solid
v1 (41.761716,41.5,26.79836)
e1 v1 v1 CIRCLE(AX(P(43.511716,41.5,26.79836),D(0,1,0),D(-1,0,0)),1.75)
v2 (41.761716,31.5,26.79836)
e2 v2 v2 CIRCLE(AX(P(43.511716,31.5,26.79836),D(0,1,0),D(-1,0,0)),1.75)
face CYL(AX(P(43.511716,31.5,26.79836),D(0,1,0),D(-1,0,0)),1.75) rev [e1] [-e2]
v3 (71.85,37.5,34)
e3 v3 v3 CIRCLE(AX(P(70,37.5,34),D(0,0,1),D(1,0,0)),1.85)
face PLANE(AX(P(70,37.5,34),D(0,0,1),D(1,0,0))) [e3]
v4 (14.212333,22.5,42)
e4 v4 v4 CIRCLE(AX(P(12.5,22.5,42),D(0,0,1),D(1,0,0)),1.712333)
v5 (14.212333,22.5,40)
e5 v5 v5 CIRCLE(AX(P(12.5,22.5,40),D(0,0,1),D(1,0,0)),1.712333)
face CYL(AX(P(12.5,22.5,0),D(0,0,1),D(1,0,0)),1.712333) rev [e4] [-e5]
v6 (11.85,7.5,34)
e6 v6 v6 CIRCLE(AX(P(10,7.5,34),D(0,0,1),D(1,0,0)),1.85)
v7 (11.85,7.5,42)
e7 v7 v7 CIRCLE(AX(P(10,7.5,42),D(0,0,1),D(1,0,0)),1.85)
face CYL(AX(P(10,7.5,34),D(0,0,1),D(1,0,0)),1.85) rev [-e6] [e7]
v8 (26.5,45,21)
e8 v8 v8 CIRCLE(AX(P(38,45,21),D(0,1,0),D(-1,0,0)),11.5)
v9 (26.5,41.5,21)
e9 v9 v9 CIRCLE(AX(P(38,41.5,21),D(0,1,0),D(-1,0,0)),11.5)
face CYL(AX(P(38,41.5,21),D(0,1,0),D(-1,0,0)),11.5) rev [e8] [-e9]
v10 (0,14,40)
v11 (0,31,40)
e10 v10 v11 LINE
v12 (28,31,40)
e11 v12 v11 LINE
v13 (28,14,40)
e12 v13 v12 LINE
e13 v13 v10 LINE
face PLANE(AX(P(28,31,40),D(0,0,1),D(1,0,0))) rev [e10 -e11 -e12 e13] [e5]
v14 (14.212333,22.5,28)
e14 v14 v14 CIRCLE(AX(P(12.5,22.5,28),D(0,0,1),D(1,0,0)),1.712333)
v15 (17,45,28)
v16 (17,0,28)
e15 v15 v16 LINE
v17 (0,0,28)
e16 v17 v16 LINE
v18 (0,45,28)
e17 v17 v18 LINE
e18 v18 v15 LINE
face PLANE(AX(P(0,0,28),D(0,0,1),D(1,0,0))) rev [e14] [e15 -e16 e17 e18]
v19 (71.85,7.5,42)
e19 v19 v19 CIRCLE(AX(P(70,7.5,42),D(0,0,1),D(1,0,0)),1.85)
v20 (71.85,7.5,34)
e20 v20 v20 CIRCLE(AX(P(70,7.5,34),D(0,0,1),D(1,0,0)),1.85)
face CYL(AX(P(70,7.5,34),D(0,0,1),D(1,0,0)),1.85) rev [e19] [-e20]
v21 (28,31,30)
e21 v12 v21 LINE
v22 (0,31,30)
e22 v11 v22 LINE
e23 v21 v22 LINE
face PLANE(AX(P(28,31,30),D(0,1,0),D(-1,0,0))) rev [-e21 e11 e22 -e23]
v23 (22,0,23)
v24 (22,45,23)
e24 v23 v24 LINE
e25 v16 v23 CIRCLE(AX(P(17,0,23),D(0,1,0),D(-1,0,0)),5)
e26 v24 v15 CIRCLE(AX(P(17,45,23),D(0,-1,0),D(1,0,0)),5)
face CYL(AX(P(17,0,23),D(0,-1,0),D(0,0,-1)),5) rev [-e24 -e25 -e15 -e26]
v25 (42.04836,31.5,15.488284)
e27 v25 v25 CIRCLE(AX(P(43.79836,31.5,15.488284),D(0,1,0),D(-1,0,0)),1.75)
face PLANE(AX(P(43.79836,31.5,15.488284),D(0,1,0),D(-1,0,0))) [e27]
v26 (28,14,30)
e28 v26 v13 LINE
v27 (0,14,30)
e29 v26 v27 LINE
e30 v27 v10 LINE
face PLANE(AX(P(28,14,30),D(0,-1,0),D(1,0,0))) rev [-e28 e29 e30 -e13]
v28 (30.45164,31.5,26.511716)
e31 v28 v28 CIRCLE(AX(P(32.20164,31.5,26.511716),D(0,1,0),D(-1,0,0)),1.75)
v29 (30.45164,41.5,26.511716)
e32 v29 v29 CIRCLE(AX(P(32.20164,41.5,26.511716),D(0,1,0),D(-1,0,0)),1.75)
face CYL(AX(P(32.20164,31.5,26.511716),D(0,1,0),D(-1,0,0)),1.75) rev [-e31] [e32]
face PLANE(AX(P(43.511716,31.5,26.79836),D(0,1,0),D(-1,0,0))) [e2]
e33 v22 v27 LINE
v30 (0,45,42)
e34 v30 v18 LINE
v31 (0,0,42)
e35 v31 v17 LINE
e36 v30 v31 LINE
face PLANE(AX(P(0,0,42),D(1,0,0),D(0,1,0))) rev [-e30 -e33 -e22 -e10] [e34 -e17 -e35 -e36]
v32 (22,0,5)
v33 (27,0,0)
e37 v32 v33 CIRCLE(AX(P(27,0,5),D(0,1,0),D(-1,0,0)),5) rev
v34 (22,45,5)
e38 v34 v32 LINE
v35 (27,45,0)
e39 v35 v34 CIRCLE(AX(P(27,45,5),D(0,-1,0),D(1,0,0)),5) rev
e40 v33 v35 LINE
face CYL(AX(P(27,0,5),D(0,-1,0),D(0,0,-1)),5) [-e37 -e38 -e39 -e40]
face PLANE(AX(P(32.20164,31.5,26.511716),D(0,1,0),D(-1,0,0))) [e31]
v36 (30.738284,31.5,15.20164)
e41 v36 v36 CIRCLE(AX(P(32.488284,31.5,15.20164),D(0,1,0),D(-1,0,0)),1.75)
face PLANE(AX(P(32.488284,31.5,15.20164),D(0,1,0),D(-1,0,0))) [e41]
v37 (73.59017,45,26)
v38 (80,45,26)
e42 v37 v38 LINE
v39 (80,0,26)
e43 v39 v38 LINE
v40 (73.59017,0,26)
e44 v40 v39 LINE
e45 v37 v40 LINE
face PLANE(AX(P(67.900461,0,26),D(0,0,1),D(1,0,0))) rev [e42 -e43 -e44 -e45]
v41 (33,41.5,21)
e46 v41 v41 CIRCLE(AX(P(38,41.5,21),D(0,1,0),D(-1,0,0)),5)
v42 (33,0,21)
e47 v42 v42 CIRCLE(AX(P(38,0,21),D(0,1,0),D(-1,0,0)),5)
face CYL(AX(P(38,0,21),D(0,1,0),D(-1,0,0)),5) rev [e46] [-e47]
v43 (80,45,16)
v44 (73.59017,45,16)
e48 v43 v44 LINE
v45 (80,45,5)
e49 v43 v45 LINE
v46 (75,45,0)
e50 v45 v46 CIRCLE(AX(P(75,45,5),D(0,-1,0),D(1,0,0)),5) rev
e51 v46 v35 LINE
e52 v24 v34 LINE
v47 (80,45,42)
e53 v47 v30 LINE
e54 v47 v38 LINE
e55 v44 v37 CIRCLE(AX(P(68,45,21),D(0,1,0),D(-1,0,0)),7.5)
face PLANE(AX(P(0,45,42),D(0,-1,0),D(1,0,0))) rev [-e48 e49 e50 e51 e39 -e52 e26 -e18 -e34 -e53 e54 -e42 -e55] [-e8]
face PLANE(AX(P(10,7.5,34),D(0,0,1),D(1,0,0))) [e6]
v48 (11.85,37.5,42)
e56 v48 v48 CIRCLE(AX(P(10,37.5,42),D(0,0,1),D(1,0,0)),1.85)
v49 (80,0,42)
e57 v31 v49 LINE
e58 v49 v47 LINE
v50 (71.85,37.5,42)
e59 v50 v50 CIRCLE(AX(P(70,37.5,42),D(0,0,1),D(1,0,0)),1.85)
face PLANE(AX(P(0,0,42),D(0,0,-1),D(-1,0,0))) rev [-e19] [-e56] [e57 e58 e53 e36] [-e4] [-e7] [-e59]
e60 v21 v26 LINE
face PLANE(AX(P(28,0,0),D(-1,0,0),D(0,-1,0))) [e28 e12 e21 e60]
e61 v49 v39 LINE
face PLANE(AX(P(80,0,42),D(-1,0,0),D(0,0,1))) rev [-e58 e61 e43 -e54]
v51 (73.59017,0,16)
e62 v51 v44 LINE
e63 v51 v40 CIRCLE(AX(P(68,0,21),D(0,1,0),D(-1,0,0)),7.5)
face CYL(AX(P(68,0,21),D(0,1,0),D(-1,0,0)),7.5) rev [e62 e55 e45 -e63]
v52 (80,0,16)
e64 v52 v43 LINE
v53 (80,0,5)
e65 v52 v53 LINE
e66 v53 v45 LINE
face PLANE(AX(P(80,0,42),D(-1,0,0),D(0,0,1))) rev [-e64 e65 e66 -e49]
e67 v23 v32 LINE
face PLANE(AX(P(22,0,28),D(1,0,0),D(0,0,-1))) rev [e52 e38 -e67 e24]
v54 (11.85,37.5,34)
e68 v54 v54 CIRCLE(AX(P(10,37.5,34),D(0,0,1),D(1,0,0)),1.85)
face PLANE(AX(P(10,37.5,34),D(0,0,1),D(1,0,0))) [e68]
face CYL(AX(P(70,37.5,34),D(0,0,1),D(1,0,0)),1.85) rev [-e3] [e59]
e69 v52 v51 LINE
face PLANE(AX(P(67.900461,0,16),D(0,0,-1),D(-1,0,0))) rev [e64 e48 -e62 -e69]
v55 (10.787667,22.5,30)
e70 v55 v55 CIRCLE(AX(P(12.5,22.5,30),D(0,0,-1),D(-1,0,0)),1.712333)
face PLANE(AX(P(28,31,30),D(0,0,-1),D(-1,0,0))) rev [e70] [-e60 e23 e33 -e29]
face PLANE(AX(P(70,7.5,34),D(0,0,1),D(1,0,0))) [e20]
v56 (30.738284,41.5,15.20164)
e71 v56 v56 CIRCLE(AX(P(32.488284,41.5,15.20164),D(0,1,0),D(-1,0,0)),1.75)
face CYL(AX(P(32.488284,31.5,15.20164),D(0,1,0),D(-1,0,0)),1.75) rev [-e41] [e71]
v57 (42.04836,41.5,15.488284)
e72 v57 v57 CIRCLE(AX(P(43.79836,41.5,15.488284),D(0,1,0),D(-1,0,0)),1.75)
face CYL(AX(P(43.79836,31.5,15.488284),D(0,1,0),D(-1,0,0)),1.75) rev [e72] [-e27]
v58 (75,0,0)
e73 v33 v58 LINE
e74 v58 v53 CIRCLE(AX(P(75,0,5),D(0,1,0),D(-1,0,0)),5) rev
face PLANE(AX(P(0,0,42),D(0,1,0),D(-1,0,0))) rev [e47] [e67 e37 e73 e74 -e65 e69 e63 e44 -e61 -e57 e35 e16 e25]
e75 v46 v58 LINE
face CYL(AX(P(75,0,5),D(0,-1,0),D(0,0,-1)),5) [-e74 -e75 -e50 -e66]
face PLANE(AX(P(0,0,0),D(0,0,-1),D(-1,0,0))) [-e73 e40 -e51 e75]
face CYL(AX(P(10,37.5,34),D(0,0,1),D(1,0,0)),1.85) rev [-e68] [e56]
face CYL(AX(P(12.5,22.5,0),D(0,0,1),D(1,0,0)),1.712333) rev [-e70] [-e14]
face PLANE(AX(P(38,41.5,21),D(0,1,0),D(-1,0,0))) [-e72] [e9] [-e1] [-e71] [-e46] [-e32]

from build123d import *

# Parameters (mm, degrees)
SKETCH1_W           = 80
SKETCH1_H           = 45
BOSS_EXTRUDE1_DEPTH = 42
SKETCH3_W           = 22
SKETCH3_H           = 28
CUT_EXTRUDE2_DEPTH  = 46
SKETCH4_W           = 10
SKETCH4_H           = 17
CUT_EXTRUDE3_DEPTH  = 28
SKETCH7_R           = 11.5
CUT_EXTRUDE5_DEPTH  = 3.5
SKETCH11_R          = 1.75
CUT_EXTRUDE6_DEPTH  = 10
SKETCH12_R          = 5
CUT_EXTRUDE7_DEPTH  = 42.5
SKETCH13_R          = 7.5
CUT_EXTRUDE8_DEPTH  = 46
SKETCH14_W          = 12.099538741
SKETCH14_H          = 10
CUT_EXTRUDE9_DEPTH  = 46
SKETCH15_R          = 1.712332533
CUT_EXTRUDE10_DEPTH = 43
SKETCH16_R          = 1.85
CUT_EXTRUDE11_DEPTH = 8
FILLET2_R           = 5


with BuildPart() as part:
    # Sketch1 → Boss-Extrude1 (new body)
    with BuildSketch(Plane.XY):
        with Locations((40, 22.5)):
            Rectangle(SKETCH1_W, SKETCH1_H)
    extrude(amount=BOSS_EXTRUDE1_DEPTH)

    # Sketch3 → Cut-Extrude2 (cut, through all)
    with BuildSketch(Plane(origin=(0, 45, 0), x_dir=(1, 0, 0), z_dir=(0, 1, 0))):
        with Locations((11, -14)):
            Rectangle(SKETCH3_W, SKETCH3_H)
    extrude(amount=-CUT_EXTRUDE2_DEPTH, mode=Mode.SUBTRACT)

    # Sketch4 → Cut-Extrude3 (cut)
    with BuildSketch(Plane.ZY):
        with Locations((35, 22.5)):
            Rectangle(SKETCH4_W, SKETCH4_H)
    extrude(amount=-CUT_EXTRUDE3_DEPTH, mode=Mode.SUBTRACT)

    # Sketch7 → Cut-Extrude5 (cut)
    with BuildSketch(Plane(origin=(0, 45, 0), x_dir=(1, 0, 0), z_dir=(0, 1, 0))):
        with Locations((38, -21)):
            Circle(SKETCH7_R)
    extrude(amount=-CUT_EXTRUDE5_DEPTH, mode=Mode.SUBTRACT)

    # Sketch11 → Cut-Extrude6 (cut)
    with BuildSketch(Plane(origin=(0, 41.5, 0), x_dir=(1, 0, 0), z_dir=(0, 1, 0))):
        with Locations((32.201639679, -26.511716392)):
            Circle(SKETCH11_R)
        with Locations((32.488283608, -15.201639679)):
            Circle(SKETCH11_R)
        with Locations((43.798360321, -15.488283608)):
            Circle(SKETCH11_R)
        with Locations((43.511716392, -26.798360321)):
            Circle(SKETCH11_R)
    extrude(amount=-CUT_EXTRUDE6_DEPTH, mode=Mode.SUBTRACT)

    # Sketch12 → Cut-Extrude7 (cut, through all)
    with BuildSketch(Plane(origin=(0, 41.5, 0), x_dir=(1, 0, 0), z_dir=(0, 1, 0))):
        with Locations((38, -21)):
            Circle(SKETCH12_R)
    extrude(amount=-CUT_EXTRUDE7_DEPTH, mode=Mode.SUBTRACT)

    # Sketch13 → Cut-Extrude8 (cut, through all)
    with BuildSketch(Plane(origin=(0, 45, 0), x_dir=(1, 0, 0), z_dir=(0, 1, 0))):
        with Locations((68, -21)):
            Circle(SKETCH13_R)
    extrude(amount=-CUT_EXTRUDE8_DEPTH, mode=Mode.SUBTRACT)

    # Sketch14 → Cut-Extrude9 (cut, through all)
    with BuildSketch(Plane(origin=(0, 45, 0), x_dir=(1, 0, 0), z_dir=(0, 1, 0))):
        with Locations((73.950230629, -21)):
            Rectangle(SKETCH14_W, SKETCH14_H)
    extrude(amount=-CUT_EXTRUDE9_DEPTH, mode=Mode.SUBTRACT)

    # Sketch15 → Cut-Extrude10 (cut, through all)
    with BuildSketch(Plane.XY.offset(42)):
        with Locations((12.5, 22.500000001)):
            Circle(SKETCH15_R)
    extrude(amount=-CUT_EXTRUDE10_DEPTH, mode=Mode.SUBTRACT)

    # Sketch16 → Cut-Extrude11 (cut)
    with BuildSketch(Plane.XY.offset(42)):
        with Locations((10, 37.5)):
            Circle(SKETCH16_R)
        with Locations((70, 37.5)):
            Circle(SKETCH16_R)
        with Locations((70, 7.5)):
            Circle(SKETCH16_R)
        with Locations((10, 7.5)):
            Circle(SKETCH16_R)
    extrude(amount=-CUT_EXTRUDE11_DEPTH, mode=Mode.SUBTRACT)

    # Fillet2
    fillet2_edges = [part.edges().sort_by_distance(p)[0] for p in [
        (22, 22.5, 0),
        (22, 22.5, 28),
        (80, 22.5, 0),
    ]]
    fillet(fillet2_edges, radius=FILLET2_R)


solid = part.part
